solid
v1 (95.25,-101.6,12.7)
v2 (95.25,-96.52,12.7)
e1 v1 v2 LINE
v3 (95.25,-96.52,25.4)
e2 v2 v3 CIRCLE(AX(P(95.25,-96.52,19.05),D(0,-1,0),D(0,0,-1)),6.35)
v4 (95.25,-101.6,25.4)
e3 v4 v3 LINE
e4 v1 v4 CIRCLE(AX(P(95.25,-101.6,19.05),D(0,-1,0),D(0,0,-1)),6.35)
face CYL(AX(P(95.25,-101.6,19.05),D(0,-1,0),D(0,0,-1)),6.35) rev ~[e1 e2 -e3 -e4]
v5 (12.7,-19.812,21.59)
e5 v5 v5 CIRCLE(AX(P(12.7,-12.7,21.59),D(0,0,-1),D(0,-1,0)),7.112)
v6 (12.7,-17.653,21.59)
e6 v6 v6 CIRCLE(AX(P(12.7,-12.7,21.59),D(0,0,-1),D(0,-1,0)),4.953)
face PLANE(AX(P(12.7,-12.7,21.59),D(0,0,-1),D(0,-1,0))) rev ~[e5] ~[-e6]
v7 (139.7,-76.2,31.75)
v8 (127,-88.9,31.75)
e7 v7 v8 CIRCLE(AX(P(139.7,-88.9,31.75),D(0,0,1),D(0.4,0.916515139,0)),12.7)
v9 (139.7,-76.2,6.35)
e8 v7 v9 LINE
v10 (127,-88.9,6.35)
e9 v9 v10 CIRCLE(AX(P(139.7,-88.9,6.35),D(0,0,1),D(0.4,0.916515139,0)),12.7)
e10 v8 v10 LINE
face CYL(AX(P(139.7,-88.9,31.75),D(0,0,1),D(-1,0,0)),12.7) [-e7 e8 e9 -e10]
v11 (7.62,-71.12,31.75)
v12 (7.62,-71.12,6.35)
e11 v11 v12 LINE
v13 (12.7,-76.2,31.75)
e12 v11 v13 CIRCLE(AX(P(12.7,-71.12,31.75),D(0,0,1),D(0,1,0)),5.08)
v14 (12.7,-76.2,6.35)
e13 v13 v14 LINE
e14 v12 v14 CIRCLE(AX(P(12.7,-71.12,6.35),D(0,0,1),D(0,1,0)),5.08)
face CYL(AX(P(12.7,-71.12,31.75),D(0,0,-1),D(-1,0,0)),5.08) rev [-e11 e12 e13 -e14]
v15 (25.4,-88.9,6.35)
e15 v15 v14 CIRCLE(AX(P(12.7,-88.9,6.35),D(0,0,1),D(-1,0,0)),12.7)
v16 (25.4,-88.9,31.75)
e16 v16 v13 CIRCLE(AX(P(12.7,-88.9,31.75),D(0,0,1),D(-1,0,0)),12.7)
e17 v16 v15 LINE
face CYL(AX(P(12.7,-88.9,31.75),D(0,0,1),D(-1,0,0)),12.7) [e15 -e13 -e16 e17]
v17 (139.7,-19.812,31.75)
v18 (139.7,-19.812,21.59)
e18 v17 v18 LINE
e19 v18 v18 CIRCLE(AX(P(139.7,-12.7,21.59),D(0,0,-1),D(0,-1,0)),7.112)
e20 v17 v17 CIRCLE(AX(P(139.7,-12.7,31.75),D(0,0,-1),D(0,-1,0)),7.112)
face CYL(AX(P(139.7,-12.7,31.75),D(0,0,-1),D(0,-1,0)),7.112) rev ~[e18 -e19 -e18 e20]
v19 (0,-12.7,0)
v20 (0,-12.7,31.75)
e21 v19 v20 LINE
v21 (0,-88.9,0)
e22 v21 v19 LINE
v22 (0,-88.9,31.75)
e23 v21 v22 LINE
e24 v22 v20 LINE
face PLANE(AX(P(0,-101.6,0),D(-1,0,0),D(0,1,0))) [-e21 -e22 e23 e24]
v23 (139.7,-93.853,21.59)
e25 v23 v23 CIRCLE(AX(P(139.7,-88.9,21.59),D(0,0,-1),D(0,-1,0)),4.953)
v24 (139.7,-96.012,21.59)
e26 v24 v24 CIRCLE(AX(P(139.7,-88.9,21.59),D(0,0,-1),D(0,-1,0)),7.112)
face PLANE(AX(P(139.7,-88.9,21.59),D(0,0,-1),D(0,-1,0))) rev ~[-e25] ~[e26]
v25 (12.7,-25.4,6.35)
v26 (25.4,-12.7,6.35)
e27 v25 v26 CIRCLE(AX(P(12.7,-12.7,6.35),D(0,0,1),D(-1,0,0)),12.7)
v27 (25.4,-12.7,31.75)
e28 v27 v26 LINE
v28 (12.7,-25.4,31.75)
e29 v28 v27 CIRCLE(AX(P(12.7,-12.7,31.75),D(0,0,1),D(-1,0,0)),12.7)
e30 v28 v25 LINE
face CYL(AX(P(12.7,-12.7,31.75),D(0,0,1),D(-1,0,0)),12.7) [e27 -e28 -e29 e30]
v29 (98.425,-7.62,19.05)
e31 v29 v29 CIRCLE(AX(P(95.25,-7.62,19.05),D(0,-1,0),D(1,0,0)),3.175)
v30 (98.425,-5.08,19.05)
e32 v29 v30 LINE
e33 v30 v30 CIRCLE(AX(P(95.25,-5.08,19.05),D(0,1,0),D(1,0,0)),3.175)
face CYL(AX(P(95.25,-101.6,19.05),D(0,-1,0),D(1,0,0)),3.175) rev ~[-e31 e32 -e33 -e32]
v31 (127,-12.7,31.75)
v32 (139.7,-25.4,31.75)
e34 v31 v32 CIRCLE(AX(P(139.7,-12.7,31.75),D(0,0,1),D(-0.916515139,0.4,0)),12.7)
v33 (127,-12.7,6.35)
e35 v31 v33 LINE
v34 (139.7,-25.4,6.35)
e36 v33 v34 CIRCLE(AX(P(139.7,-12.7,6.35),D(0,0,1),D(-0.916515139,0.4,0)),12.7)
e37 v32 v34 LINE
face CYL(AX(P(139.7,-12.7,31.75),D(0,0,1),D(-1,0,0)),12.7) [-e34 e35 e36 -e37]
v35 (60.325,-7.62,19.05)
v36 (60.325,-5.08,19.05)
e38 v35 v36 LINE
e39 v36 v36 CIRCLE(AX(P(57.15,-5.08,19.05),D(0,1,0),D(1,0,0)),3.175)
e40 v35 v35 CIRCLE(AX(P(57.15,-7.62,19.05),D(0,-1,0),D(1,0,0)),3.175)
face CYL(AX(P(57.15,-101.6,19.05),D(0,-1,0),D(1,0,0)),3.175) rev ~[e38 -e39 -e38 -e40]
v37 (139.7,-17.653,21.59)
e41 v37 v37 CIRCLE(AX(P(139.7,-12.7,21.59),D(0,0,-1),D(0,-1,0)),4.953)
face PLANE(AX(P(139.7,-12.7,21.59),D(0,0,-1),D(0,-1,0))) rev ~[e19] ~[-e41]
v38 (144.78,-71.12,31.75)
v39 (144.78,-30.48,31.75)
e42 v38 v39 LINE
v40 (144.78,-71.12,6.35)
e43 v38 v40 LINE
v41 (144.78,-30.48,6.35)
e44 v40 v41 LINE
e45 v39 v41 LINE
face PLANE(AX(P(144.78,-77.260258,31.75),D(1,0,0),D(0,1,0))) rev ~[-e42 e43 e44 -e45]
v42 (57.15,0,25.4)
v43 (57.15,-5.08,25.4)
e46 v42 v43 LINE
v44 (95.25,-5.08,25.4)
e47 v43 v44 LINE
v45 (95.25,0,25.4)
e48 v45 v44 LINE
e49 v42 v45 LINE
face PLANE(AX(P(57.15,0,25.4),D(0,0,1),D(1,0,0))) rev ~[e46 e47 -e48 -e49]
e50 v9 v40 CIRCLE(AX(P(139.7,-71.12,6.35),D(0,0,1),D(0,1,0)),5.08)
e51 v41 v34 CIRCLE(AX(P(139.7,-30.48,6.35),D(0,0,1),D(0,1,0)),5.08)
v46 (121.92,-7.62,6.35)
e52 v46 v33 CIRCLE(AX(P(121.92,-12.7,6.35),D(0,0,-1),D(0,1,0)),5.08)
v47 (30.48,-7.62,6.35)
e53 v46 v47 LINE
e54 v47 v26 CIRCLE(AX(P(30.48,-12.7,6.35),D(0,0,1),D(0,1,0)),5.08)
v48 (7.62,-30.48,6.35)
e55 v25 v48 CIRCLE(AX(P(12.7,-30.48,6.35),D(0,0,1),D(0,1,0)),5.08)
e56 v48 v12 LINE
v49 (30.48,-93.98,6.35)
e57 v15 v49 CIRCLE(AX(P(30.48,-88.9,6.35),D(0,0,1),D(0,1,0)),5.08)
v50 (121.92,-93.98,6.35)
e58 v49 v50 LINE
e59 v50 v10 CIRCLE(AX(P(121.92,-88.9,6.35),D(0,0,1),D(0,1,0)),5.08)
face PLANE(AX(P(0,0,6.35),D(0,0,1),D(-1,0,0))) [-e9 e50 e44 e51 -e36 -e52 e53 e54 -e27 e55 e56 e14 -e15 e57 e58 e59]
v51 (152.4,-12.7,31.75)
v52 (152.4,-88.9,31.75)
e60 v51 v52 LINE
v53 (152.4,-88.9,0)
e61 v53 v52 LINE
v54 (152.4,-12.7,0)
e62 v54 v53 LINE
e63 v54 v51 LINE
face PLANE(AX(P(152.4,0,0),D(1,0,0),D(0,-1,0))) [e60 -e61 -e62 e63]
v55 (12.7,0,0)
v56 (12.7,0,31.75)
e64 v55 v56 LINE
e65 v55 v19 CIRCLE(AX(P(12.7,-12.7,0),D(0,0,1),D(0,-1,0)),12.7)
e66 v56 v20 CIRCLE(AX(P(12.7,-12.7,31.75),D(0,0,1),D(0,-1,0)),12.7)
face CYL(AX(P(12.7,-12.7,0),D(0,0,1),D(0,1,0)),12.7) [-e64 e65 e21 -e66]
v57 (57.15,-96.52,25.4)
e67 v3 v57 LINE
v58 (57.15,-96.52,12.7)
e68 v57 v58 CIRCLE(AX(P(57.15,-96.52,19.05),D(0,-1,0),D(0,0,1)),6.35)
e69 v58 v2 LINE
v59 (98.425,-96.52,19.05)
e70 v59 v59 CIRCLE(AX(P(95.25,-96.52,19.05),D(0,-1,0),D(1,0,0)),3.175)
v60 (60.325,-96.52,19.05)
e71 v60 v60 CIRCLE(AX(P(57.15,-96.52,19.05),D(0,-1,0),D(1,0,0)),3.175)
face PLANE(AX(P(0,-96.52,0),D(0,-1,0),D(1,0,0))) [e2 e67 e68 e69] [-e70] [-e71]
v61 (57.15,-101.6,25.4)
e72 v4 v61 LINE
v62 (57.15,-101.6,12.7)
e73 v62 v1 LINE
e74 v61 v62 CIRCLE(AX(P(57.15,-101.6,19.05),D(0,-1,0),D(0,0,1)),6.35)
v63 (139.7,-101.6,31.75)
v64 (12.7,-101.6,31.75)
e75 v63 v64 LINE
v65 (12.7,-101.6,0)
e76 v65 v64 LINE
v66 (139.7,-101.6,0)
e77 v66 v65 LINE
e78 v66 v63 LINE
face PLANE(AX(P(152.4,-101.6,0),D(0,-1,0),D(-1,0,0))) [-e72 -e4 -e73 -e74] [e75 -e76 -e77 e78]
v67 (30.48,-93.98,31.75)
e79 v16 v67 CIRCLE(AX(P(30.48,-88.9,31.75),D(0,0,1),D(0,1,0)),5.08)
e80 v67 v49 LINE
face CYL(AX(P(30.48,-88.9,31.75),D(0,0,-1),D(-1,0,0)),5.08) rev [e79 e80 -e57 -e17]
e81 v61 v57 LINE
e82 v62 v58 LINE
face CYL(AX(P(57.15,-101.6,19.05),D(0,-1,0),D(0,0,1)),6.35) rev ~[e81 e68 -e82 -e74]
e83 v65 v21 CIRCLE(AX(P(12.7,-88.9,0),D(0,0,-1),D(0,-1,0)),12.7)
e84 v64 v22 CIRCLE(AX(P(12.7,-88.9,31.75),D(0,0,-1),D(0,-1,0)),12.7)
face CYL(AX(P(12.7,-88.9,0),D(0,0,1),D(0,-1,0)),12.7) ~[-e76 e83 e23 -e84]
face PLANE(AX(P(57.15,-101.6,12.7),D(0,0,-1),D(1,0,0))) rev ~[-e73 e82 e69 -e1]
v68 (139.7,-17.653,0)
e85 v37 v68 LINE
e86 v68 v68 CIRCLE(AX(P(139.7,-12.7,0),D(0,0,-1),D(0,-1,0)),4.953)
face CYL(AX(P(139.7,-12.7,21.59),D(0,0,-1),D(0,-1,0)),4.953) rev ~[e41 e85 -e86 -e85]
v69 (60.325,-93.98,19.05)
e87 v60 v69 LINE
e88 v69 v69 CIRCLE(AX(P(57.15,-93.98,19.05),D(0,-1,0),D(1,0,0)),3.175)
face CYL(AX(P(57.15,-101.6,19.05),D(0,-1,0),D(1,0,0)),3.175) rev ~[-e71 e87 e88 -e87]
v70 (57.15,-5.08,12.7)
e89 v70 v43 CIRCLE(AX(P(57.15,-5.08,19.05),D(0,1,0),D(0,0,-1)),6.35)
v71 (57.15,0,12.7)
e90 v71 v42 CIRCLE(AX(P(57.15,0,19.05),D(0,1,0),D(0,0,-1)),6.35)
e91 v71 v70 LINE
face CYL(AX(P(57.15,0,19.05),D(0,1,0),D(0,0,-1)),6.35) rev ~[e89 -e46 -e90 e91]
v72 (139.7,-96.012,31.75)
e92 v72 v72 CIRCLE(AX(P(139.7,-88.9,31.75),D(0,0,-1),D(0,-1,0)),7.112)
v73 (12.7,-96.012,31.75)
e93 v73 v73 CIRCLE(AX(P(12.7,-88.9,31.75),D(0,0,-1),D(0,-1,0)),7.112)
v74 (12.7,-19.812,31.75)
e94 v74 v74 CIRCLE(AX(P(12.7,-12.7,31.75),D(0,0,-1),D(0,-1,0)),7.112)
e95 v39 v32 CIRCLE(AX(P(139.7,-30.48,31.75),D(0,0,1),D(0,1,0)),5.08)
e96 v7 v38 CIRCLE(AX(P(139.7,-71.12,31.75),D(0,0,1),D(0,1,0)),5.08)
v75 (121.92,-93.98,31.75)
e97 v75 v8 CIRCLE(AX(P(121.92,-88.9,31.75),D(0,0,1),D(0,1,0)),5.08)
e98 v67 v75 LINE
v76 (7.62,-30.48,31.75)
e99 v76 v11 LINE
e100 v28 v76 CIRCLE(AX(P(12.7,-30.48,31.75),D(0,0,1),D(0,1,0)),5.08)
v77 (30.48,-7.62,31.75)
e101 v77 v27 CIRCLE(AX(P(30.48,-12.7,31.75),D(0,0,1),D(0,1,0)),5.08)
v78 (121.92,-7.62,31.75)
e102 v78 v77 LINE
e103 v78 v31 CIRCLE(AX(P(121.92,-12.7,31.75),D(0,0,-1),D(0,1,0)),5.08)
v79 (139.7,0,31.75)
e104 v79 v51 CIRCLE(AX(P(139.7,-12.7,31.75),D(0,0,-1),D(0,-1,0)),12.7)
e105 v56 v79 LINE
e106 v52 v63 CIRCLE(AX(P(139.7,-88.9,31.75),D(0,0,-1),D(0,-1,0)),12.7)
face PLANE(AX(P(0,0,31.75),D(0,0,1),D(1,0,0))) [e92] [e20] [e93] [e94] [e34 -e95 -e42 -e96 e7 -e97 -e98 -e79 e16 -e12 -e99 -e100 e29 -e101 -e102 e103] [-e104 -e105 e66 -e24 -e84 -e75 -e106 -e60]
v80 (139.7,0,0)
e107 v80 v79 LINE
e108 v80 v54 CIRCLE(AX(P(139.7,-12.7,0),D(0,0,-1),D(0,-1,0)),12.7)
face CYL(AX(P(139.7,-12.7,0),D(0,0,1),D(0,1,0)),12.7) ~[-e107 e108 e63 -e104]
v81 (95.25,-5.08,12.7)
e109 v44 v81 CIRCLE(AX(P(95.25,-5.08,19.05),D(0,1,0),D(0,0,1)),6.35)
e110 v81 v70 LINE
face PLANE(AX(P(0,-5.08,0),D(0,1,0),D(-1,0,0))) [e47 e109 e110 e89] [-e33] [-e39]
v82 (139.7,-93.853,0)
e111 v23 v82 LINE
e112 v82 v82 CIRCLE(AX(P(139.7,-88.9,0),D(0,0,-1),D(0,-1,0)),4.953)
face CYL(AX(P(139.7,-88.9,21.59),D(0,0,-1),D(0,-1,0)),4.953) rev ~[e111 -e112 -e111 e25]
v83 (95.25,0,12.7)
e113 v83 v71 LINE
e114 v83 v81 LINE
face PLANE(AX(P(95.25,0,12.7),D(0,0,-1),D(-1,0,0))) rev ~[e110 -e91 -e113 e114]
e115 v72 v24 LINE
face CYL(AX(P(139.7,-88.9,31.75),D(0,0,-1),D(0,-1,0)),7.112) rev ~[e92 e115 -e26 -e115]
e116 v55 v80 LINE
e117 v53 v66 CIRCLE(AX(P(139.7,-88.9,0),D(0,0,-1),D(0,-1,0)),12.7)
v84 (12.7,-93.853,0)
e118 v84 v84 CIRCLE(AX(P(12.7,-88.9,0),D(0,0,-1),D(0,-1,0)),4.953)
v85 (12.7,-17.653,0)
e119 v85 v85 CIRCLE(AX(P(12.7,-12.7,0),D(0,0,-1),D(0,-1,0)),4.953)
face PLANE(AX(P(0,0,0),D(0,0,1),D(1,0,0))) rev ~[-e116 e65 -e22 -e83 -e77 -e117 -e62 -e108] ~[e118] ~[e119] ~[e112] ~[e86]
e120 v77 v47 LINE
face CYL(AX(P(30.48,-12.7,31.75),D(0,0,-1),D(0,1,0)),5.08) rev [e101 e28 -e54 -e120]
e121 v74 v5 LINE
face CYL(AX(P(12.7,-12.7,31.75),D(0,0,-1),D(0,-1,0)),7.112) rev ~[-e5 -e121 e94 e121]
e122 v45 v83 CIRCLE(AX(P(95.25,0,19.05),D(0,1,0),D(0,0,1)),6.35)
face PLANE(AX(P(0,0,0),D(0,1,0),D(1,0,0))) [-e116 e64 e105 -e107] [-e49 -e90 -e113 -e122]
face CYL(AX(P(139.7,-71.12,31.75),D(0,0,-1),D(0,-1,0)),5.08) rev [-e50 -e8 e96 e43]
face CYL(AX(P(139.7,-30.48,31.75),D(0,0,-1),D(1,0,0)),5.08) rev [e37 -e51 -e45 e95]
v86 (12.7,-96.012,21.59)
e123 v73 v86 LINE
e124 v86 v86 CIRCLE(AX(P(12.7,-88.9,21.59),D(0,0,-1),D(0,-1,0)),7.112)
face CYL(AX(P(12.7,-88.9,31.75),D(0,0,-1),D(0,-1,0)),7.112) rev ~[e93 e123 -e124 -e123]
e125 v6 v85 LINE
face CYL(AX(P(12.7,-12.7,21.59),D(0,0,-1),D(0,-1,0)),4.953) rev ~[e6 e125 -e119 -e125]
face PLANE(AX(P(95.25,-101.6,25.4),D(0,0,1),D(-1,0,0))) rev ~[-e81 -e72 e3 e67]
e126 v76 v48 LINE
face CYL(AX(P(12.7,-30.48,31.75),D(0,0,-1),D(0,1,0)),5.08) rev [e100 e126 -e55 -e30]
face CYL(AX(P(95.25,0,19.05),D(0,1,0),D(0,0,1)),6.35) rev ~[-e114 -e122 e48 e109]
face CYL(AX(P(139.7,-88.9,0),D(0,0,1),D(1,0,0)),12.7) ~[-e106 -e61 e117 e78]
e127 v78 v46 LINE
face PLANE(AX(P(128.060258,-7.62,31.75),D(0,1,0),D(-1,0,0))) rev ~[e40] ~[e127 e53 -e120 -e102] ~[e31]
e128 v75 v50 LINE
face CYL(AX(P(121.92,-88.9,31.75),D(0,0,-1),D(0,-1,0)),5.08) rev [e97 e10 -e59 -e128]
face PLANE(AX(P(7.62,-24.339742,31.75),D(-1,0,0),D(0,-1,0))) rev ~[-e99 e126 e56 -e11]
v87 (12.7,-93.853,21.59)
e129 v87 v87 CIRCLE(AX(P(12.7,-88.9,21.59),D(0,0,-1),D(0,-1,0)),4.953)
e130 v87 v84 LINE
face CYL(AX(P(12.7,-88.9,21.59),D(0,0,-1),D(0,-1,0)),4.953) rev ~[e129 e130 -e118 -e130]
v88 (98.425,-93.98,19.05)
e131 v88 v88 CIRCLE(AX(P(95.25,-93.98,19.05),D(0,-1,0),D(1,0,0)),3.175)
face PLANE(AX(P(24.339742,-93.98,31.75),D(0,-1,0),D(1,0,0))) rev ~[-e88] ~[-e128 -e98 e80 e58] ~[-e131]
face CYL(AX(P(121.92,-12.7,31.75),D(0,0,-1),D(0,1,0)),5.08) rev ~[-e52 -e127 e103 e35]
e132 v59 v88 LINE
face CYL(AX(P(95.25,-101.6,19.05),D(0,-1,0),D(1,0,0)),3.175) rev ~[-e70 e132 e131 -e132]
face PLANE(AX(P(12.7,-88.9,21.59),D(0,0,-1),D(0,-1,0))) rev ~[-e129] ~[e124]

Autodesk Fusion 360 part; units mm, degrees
sketch "Sketch1" plane through (0, 0, 0) normal (0, 0, 1) x (1, 0, 0)
  line L0 (0, 0) -> (152.4, 0)
  line L1 (152.4, 0) -> (152.4, -101.6)
  line L2 (152.4, -101.6) -> (0, -101.6)
  line L3 (0, -101.6) -> (0, 0)
  dimension "d1" = 152.4
  dimension "d2" = 101.6
extrude "Extrude1" add sketch "Sketch1" along normal blind 31.75
fillet "Fillet1" radius 12.7 4 edges at (0, -101.6, 15.875) (152.4, -101.6, 15.875) (152.4, 0, 15.875) (0, 0, 15.875)
sketch "Sketch2" plane through (0, 0, 31.75) normal (0, 0, 1) x (-1, 0, 0)
  arc A0 (-12.7, 0) -> (0, 12.7) centre (-12.7, 12.7) ccw
  line L0 (0, 12.7) -> (0, 88.9)
  arc A1 (0, 88.9) -> (-12.7, 101.6) centre (-12.7, 88.9) ccw
  line L1 (-12.7, 101.6) -> (-139.7, 101.6)
  arc A2 (-139.7, 101.6) -> (-152.4, 88.9) centre (-139.7, 88.9) ccw
  line L2 (-152.4, 88.9) -> (-152.4, 12.7)
  arc A3 (-152.4, 12.7) -> (-139.7, 0) centre (-139.7, 12.7) ccw
  line L3 (-139.7, 0) -> (-12.7, 0)
  line L4 (-7.62, 12.7) -> (-7.62, 88.9)
  arc A4 (-7.62, 88.9) -> (-12.7, 93.98) centre (-12.7, 88.9) ccw
  line L5 (-12.7, 93.98) -> (-139.7, 93.98)
  arc A5 (-139.7, 93.98) -> (-144.78, 88.9) centre (-139.7, 88.9) ccw
  line L6 (-144.78, 88.9) -> (-144.78, 12.7)
  arc A6 (-144.78, 12.7) -> (-139.7, 7.62) centre (-139.7, 12.7) ccw
  line L7 (-139.7, 7.62) -> (-12.7, 7.62)
  arc A7 (-12.7, 7.62) -> (-7.62, 12.7) centre (-12.7, 12.7) ccw
  circle A8 centre (-12.7, 12.7) radius 12.7
  circle A9 centre (-139.7, 12.7) radius 12.7
  circle A10 centre (-139.7, 88.9) radius 12.7
  circle A11 centre (-12.7, 88.9) radius 12.7
  dimension "d7" = -7.62
  dimension "d8" = 25.4
  dimension "d9" = 25.4
  dimension "d10" = 25.4
  dimension "d11" = 25.4
extrude "Extrude2" cut sketch "Sketch2" against normal blind 25.4 contours L4 L5 L6 L7 A8 A9 A10 A11
fillet "Fillet2" radius 5.08 8 edges at (144.78, -24.3397, 19.05) (128.0603, -7.62, 19.05) (24.3397, -7.62, 19.05) (7.62, -24.3397, 19.05) (24.3397, -93.98, 19.05) (7.62, -77.2603, 19.05) (144.78, -77.2603, 19.05) (128.0603, -93.98, 19.05)
sketch "Sketch3" plane through (0, 0, 31.75) normal (0, 0, 1) x (-1, 0, 0)
  line L0 (-121.92, 93.98) -> (-30.48, 93.98)
  arc A0 (-25.4, 88.9) -> (-30.48, 93.98) centre (-30.48, 88.9) ccw
  arc A1 (-25.4, 88.9) -> (-12.7, 76.2) centre (-12.7, 88.9) ccw
  arc A2 (-7.62, 71.12) -> (-12.7, 76.2) centre (-12.7, 71.12) ccw
  line L1 (-7.62, 71.12) -> (-7.62, 30.48)
  arc A3 (-12.7, 25.4) -> (-7.62, 30.48) centre (-12.7, 30.48) ccw
  arc A4 (-12.7, 25.4) -> (-25.4, 12.7) centre (-12.7, 12.7) ccw
  arc A5 (-30.48, 7.62) -> (-25.4, 12.7) centre (-30.48, 12.7) ccw
  line L2 (-30.48, 7.62) -> (-121.92, 7.62)
  arc A6 (-127, 12.7) -> (-121.92, 7.62) centre (-121.92, 12.7) ccw
  arc A7 (-127, 12.7) -> (-139.7, 25.4) centre (-139.7, 12.7) ccw
  arc A8 (-144.78, 30.48) -> (-139.7, 25.4) centre (-139.7, 30.48) ccw
  line L3 (-144.78, 30.48) -> (-144.78, 71.12)
  arc A9 (-139.7, 76.2) -> (-144.78, 71.12) centre (-139.7, 71.12) ccw
  arc A10 (-139.7, 76.2) -> (-127, 88.9) centre (-139.7, 88.9) ccw
  arc A11 (-121.92, 93.98) -> (-127, 88.9) centre (-121.92, 88.9) ccw
  arc A12 (-12.7, 0) -> (0, 12.7) centre (-12.7, 12.7) ccw
  line L4 (0, 12.7) -> (0, 88.9)
  arc A13 (0, 88.9) -> (-12.7, 101.6) centre (-12.7, 88.9) ccw
  line L5 (-12.7, 101.6) -> (-139.7, 101.6)
  arc A14 (-139.7, 101.6) -> (-152.4, 88.9) centre (-139.7, 88.9) ccw
  line L6 (-152.4, 88.9) -> (-152.4, 12.7)
  arc A15 (-152.4, 12.7) -> (-139.7, 0) centre (-139.7, 12.7) ccw
  line L7 (-139.7, 0) -> (-12.7, 0)
  point P0 (-12.7, 88.9)
  point P1 (-12.7, 12.7)
  point P2 (-139.7, 12.7)
  point P3 (-139.7, 88.9)
hole "Hole1" at (12.7, -12.7, 31.75) at (139.7, -88.9, 31.75) at (139.7, -12.7, 31.75) at (12.7, -88.9, 31.75) direction (0, 0, -1) diameter 9.906 end through all counterbore diameter 14.224 counterbore depth 10.16
sketch "Sketch4" plane through (0, -101.6, 0) normal (0, -1, 0) x (1, 0, 0)
  line L0 (139.7, 0) -> (139.7, 31.75)
  line L1 (139.7, 31.75) -> (12.7, 31.75)
  line L2 (12.7, 31.75) -> (12.7, 0)
  line L3 (12.7, 0) -> (139.7, 0)
  line L4 (57.15, 12.7) -> (95.25, 12.7)
  arc A0 (95.25, 12.7) -> (95.25, 25.4) centre (95.25, 19.05) ccw
  line L5 (95.25, 25.4) -> (57.15, 25.4)
  arc A1 (57.15, 25.4) -> (57.15, 12.7) centre (57.15, 19.05) ccw
  line L6 (50.8, 19.05) -> (101.6, 19.05) construction
  line L7 (0, 31.75) -> (0, 0)
  circle A2 centre (57.15, 19.05) radius 3.175
  circle A3 centre (95.25, 19.05) radius 3.175
  point P0 (76.2, 19.05)
  dimension "d21" = 12.7
  dimension "d22" = 76.2
  dimension "d23" = 12.7
  dimension "d24" = 6.35
  dimension "d25" = 6.35
extrude "Extrude4" cut sketch "Sketch4" against normal blind 5.08 contours L4 A0 L5 A1
extrude "Extrude3" cut sketch "Sketch4" against normal through all contours A2 | A3
sketch "Sketch6" plane through (0, 0, 0) normal (0, 1, 0) x (-1, 0, 0)
  circle A0 centre (-57.15, 19.05) radius 3.175
  circle A1 centre (-95.25, 19.05) radius 3.175
  line L0 (-12.7, 0) -> (-12.7, 31.75)
  line L1 (-12.7, 31.75) -> (-139.7, 31.75)
  line L2 (-139.7, 31.75) -> (-139.7, 0)
  line L3 (-139.7, 0) -> (-12.7, 0)
  line L4 (-57.15, 25.4) -> (-95.25, 25.4)
  arc A2 (-95.25, 25.4) -> (-95.25, 12.7) centre (-95.25, 19.05) ccw
  line L5 (-95.25, 12.7) -> (-57.15, 12.7)
  arc A3 (-57.15, 12.7) -> (-57.15, 25.4) centre (-57.15, 19.05) ccw
  line L6 (-57.15, 19.05) -> (-95.25, 19.05) construction
  dimension "d29" = 12.7
extrude "Extrude5" cut sketch "Sketch6" against normal blind 5.08 contours L4 A2 L5 A3
equation "d25 = d24"
